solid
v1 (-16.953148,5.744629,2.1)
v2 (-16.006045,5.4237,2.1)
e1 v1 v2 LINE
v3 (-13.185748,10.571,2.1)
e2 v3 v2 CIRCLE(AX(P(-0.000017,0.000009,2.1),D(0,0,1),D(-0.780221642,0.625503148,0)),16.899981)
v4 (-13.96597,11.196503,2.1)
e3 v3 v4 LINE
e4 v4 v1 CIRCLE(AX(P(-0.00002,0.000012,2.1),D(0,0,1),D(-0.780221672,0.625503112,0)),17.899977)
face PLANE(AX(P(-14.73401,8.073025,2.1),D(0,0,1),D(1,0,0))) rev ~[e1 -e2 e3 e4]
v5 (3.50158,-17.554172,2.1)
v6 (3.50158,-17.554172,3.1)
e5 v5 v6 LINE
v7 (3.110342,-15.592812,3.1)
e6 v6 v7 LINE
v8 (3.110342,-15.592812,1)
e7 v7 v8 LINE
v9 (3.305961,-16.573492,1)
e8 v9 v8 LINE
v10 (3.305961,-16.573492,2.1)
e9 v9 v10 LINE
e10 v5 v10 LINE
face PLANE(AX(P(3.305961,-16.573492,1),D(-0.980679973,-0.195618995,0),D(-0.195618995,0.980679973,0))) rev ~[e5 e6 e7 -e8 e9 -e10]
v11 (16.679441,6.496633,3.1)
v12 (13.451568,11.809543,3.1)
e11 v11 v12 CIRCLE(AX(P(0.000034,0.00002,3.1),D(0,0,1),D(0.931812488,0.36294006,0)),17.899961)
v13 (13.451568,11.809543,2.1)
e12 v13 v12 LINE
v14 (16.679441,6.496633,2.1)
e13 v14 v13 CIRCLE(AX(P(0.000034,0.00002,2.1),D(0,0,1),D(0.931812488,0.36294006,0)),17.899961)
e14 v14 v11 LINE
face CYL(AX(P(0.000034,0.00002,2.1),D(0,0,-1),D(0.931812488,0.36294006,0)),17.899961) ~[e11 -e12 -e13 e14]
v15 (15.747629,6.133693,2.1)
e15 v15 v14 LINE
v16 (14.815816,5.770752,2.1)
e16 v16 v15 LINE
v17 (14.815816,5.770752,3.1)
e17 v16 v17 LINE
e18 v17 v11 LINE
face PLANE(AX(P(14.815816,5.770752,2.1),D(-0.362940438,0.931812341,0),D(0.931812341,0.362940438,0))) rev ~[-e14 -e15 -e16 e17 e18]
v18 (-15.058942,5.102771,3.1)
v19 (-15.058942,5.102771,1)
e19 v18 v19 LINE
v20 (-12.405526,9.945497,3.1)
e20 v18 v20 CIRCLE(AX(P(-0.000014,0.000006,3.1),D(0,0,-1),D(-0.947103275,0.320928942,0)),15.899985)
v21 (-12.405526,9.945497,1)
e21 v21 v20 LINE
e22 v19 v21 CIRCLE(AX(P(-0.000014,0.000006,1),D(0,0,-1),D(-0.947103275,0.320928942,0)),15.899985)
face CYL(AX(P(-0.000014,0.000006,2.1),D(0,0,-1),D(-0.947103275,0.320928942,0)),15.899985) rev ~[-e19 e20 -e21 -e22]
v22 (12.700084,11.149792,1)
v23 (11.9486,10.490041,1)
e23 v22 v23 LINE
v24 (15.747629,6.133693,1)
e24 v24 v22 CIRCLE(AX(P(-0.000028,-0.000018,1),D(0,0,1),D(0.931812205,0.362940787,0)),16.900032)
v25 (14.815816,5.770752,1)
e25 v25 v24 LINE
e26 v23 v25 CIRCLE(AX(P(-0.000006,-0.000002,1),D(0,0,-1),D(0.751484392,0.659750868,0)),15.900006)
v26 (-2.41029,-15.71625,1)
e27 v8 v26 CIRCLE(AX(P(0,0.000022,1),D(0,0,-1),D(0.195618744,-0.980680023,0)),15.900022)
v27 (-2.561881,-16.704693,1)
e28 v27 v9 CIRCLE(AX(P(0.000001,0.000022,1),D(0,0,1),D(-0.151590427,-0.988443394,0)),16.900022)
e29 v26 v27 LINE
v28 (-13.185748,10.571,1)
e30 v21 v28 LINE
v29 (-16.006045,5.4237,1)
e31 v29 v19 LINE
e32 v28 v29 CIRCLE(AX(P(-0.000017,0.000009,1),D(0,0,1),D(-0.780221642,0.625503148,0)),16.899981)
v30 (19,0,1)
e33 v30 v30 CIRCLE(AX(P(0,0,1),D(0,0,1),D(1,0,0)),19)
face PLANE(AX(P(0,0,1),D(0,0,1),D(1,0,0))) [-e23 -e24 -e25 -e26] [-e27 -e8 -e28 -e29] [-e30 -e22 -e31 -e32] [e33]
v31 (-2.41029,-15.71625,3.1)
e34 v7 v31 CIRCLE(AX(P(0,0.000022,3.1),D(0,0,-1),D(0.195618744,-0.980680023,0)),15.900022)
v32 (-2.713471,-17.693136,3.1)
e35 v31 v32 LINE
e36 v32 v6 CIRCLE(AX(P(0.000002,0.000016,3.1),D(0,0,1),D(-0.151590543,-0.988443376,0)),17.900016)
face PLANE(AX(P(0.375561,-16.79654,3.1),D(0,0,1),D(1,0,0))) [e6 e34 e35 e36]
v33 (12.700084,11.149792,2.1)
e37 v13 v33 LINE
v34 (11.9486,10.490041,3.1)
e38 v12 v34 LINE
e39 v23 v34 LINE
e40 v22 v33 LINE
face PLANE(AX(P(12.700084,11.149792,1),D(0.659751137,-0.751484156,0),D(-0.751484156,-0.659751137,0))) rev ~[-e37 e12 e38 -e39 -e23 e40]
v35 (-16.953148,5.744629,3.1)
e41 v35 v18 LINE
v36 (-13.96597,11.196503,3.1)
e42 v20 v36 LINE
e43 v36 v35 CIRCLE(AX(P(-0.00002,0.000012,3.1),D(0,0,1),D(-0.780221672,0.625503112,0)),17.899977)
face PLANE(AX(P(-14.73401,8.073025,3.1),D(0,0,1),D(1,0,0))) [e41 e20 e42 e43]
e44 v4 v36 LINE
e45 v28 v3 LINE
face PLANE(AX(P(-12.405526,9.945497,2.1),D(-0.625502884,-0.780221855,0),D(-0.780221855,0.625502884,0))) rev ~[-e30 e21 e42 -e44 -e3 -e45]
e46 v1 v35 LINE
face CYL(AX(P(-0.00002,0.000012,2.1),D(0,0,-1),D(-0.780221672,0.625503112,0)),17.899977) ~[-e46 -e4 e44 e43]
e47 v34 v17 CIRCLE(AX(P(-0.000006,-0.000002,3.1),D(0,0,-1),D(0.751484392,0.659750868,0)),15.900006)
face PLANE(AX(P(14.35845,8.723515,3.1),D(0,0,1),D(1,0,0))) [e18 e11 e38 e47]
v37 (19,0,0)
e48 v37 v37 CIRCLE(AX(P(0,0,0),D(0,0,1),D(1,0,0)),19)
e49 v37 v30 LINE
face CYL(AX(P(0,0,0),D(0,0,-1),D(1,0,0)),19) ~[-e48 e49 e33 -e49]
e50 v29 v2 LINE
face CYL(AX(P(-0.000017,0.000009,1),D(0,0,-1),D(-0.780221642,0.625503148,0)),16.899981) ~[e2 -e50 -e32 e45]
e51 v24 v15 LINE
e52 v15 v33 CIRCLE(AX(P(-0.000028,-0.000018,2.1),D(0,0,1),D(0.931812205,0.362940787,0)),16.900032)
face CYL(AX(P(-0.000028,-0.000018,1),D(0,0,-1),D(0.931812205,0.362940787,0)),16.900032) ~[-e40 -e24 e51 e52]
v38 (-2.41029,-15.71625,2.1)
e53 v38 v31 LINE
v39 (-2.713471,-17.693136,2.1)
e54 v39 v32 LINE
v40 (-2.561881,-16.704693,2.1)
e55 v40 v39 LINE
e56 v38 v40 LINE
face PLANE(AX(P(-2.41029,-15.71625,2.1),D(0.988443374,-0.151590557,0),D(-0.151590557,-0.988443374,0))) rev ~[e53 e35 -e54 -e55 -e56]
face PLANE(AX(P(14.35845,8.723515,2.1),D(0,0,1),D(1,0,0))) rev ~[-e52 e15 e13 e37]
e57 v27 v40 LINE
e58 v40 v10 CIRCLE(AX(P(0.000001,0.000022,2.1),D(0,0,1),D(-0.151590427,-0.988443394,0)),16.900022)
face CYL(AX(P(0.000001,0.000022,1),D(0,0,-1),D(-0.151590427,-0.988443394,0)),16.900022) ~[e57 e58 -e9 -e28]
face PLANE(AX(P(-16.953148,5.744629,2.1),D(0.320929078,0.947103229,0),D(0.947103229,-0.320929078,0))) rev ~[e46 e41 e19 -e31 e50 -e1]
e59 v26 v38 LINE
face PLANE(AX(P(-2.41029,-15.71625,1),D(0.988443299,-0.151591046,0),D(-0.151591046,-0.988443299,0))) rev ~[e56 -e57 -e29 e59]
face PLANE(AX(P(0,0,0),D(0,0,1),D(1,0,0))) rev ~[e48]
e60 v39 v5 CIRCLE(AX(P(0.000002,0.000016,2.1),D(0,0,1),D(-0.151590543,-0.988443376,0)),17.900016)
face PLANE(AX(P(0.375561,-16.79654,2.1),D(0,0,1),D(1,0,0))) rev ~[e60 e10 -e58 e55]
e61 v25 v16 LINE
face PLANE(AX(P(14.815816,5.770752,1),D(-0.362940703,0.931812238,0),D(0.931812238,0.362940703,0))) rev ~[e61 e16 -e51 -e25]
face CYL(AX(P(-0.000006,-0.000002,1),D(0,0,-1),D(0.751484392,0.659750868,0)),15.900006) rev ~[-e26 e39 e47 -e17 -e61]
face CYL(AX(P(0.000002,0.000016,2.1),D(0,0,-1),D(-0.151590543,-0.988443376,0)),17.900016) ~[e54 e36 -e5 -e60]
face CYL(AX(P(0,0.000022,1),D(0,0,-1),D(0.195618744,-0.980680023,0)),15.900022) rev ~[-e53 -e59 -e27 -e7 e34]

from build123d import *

# Parameters (mm, degrees)
F0_R     = 19
F1_DEPTH = 1
F3_DEPTH = 1.1
F5_DEPTH = 1


with BuildPart() as f1:
    # F0 (on Top) → F1 (new body)
    with BuildSketch(Plane.XY):
        Circle(F0_R)
    extrude(amount=F1_DEPTH)

    # F2 (on face) → F3 (join)
    with BuildSketch(Plane.XY.offset(1)):
        with BuildLine():
            Line((14.815816, 5.770752), (15.747629, 6.133693))
            ThreePointArc((15.747629, 6.133693), (14.443282, 8.775055), (12.700084, 11.149792))
            Line((12.700084, 11.149792), (11.9486, 10.490041))
            ThreePointArc((11.9486, 10.490041), (13.58865, 8.255821), (14.815816, 5.770752))
        make_face()
        with BuildLine():
            ThreePointArc((-15.058942, 5.102771), (-13.944076, 7.640206), (-12.405526, 9.945497))
            Line((-12.405526, 9.945497), (-13.185748, 10.571))
            ThreePointArc((-13.185748, 10.571), (-14.821062, 8.120722), (-16.006045, 5.4237))
            Line((-16.006045, 5.4237), (-15.058942, 5.102771))
        make_face()
        with BuildLine():
            ThreePointArc((3.110342, -15.592812), (0.355426, -15.896027), (-2.41029, -15.71625))
            Line((-2.41029, -15.71625), (-2.561881, -16.704693))
            ThreePointArc((-2.561881, -16.704693), (0.377779, -16.895777), (3.305961, -16.573492))
            Line((3.305961, -16.573492), (3.110342, -15.592812))
        make_face()
    extrude(amount=F3_DEPTH)

    # F4 (on face) → F5 (join)
    with BuildSketch(Plane.XY.offset(2.1)):
        with BuildLine():
            ThreePointArc((-15.058942, 5.102771), (-13.944076, 7.640206), (-12.405526, 9.945497))
            Line((-12.405526, 9.945497), (-13.96597, 11.196503))
            ThreePointArc((-13.96597, 11.196503), (-15.698048, 8.601238), (-16.953148, 5.744629))
            Line((-16.953148, 5.744629), (-15.058942, 5.102771))
        make_face()
        with BuildLine():
            Line((-2.41029, -15.71625), (-2.713471, -17.693136))
            ThreePointArc((-2.713471, -17.693136), (0.400133, -17.895527), (3.50158, -17.554172))
            Line((3.50158, -17.554172), (3.110342, -15.592812))
            ThreePointArc((3.110342, -15.592812), (0.355426, -15.896027), (-2.41029, -15.71625))
        make_face()
        with BuildLine():
            Line((14.815816, 5.770752), (16.679441, 6.496633))
            ThreePointArc((16.679441, 6.496633), (15.297915, 9.294289), (13.451568, 11.809543))
            Line((13.451568, 11.809543), (11.9486, 10.490041))
            ThreePointArc((11.9486, 10.490041), (13.58865, 8.255821), (14.815816, 5.770752))
        make_face()
    extrude(amount=F5_DEPTH)


solid = f1.part
